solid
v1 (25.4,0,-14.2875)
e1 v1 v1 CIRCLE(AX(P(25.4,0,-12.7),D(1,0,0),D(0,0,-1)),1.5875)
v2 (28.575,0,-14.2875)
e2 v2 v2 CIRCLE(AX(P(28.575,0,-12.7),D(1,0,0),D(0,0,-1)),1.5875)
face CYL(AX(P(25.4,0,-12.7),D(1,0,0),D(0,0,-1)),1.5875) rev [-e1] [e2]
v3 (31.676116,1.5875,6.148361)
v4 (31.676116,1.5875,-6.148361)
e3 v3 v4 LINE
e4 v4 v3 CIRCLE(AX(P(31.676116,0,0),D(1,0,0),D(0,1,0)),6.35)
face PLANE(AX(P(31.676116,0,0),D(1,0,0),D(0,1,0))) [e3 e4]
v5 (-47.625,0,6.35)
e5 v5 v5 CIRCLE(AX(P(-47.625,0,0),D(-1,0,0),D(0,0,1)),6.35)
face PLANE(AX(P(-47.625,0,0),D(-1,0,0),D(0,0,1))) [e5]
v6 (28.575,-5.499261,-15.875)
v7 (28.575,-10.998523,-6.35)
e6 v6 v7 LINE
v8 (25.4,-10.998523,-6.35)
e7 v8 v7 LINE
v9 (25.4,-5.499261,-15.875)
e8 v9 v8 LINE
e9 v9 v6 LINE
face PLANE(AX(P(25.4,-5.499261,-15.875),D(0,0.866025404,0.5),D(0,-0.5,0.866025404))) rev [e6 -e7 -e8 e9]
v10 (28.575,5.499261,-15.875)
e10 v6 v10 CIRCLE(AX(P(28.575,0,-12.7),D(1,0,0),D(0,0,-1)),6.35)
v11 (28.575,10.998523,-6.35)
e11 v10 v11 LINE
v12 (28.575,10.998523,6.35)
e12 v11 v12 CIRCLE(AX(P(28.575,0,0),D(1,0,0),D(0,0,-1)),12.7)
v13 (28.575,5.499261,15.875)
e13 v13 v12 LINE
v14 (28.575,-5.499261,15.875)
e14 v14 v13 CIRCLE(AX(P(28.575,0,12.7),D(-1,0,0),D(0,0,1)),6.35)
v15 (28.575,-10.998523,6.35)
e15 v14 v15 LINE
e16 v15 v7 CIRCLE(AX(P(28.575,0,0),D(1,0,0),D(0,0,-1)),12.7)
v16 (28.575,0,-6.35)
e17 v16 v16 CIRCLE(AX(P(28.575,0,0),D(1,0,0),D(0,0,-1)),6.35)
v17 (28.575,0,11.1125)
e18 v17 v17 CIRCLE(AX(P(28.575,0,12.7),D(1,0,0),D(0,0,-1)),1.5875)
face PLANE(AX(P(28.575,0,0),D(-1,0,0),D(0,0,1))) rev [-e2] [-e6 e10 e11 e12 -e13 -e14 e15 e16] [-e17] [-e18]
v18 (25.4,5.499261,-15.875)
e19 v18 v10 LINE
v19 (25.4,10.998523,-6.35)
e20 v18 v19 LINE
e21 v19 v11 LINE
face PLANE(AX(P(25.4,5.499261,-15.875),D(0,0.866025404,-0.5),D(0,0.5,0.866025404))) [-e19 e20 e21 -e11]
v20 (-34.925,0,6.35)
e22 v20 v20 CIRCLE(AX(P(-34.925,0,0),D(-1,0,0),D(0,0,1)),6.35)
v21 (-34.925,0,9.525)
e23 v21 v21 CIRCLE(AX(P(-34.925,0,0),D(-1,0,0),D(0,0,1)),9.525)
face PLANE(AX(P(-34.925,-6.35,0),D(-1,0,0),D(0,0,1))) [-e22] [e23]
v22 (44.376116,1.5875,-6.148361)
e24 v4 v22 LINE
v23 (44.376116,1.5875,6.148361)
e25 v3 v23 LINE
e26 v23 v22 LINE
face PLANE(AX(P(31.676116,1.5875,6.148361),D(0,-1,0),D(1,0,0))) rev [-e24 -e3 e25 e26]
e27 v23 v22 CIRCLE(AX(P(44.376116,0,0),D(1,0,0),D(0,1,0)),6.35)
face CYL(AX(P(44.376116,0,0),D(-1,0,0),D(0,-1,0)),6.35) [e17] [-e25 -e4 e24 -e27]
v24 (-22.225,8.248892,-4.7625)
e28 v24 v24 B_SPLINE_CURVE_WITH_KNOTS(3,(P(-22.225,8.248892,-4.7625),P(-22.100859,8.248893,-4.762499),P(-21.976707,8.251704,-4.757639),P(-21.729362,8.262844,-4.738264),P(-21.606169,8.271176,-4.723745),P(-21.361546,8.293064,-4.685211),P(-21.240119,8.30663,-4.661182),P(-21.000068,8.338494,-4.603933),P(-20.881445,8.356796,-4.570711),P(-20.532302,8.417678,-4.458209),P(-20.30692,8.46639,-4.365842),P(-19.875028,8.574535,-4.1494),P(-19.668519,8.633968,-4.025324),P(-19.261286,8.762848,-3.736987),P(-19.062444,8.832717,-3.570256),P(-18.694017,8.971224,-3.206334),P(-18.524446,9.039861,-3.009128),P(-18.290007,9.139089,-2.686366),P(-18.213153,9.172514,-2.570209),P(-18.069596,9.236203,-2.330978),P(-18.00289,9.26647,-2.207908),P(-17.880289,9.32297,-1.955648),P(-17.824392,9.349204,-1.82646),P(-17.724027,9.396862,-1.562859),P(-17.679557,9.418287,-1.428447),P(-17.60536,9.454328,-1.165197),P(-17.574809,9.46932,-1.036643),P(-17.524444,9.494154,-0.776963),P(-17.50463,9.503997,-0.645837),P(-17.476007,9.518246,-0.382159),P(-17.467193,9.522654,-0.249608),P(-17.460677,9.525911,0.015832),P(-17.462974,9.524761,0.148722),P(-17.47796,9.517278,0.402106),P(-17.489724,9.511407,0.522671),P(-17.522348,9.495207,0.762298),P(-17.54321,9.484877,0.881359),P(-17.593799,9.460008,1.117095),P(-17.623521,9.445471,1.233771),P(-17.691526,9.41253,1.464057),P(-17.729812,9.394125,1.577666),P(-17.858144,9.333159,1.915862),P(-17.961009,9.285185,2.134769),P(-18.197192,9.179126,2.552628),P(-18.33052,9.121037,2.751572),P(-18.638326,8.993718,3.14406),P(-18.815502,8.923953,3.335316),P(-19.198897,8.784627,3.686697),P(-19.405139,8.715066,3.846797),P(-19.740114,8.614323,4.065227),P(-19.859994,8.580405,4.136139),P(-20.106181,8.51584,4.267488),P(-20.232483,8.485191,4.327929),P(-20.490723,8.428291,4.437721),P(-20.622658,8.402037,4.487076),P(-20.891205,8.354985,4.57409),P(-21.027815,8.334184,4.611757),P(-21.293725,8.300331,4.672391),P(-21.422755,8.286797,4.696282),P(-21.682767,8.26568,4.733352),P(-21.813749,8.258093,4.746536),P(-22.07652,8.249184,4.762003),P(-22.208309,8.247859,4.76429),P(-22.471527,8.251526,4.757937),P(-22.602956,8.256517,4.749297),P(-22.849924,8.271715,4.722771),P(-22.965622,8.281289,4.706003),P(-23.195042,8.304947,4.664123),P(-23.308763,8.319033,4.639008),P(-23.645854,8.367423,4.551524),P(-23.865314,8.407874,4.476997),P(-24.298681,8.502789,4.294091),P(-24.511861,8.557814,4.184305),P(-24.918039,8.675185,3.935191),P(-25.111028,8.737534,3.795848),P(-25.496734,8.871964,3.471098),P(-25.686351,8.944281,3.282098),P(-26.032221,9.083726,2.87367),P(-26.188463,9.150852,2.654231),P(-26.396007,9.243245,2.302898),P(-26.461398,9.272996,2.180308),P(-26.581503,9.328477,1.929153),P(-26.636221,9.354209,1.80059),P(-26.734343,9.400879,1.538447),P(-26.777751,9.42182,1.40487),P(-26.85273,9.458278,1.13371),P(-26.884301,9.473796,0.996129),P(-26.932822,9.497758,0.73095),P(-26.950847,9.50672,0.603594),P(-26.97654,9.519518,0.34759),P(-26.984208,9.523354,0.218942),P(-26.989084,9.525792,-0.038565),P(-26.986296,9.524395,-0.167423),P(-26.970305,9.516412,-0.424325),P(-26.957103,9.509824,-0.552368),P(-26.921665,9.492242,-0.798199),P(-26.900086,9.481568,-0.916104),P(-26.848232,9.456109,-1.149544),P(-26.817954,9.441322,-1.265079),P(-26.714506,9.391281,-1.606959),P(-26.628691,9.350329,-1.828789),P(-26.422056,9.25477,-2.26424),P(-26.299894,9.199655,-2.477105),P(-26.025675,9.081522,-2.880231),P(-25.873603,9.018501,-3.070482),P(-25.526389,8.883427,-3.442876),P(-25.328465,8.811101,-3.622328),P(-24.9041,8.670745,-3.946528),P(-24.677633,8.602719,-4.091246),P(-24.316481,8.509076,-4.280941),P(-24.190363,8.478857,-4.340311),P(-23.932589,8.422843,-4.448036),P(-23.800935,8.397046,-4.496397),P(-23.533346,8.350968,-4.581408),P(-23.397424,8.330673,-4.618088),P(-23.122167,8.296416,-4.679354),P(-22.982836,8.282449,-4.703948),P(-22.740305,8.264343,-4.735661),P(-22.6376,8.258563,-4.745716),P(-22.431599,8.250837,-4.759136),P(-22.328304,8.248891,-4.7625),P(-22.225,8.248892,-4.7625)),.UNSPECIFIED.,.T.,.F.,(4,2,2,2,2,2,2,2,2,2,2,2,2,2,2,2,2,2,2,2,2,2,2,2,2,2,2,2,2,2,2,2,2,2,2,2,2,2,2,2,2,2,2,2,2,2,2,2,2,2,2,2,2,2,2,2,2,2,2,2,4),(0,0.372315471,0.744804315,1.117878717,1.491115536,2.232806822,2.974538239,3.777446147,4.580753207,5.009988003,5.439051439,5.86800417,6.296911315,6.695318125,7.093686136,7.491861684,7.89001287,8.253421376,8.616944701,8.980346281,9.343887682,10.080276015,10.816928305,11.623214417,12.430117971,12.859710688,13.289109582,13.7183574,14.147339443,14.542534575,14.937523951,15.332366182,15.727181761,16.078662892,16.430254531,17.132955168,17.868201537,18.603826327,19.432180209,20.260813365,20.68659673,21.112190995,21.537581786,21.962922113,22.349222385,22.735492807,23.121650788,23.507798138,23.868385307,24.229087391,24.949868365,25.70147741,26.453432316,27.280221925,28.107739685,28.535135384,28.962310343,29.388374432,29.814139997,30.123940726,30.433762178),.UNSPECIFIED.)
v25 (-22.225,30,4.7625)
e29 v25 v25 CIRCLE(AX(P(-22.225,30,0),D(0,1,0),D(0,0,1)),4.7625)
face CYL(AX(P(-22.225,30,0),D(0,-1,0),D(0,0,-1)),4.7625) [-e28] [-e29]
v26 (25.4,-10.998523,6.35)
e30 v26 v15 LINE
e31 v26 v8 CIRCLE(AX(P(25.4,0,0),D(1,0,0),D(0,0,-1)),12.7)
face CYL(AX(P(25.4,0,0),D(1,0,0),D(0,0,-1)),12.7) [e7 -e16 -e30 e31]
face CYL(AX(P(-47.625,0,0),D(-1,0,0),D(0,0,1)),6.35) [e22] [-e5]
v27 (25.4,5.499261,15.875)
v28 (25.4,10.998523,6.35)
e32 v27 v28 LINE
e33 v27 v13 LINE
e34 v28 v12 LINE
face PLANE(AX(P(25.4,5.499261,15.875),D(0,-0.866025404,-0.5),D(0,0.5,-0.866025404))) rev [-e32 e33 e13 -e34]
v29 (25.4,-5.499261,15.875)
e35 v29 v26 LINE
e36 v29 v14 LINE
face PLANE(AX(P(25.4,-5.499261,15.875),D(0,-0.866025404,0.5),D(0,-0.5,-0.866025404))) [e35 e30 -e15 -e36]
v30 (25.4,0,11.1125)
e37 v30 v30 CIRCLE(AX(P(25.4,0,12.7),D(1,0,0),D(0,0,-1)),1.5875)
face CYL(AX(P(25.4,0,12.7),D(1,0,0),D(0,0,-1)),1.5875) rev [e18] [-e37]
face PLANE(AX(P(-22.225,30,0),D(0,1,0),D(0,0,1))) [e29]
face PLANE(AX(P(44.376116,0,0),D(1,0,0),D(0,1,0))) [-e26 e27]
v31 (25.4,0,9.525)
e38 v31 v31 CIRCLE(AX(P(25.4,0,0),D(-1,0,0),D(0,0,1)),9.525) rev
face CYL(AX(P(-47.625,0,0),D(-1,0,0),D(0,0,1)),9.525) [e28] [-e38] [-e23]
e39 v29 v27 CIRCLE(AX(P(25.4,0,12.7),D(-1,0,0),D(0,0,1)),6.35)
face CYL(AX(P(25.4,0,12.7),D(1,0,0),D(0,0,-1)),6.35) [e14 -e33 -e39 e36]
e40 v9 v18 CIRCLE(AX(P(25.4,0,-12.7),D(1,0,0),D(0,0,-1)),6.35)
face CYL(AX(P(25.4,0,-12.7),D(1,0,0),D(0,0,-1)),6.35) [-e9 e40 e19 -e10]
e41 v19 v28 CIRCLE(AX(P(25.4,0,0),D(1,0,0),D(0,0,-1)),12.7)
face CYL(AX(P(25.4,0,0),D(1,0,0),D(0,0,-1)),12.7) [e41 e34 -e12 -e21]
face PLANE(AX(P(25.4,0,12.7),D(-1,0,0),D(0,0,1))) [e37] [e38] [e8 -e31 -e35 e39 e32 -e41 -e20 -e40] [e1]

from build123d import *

# Parameters (mm, degrees)
SKETCH7_R           = 1.5875
BOSS_EXTRUDE2_DEPTH = 3.175
SKETCH5_R           = 6.35
CUT_EXTRUDE1_DEPTH  = 41.348883888
SKETCH8_R           = 6.35
EXTRUDE1_DEPTH      = 57.15
CUT_EXTRUDE2_DEPTH  = 12.7
SKETCH10_R          = 4.7625
EXTRUDE2_DEPTH      = 30


with BuildPart() as part:
    # Sketch4 → Boss-Revolve2 (revolve)
    with BuildSketch(Plane.XY):
        Polygon((-47.625, 0), (-47.625, -6.35), (-34.925, -6.35), (-34.925, -9.525), (28.575, -9.525), (28.575, 0), align=None)
    revolve(axis=Axis((-47.625, 0, 0), (1, 0, 0)))

    # Sketch7 → Boss-Extrude2 (add)
    with BuildSketch(Plane(origin=(28.575, 29.318732004, 10.174246846), x_dir=(0, 0.707106781, -0.707106781), z_dir=(1, 0, 0))):
        with BuildLine():
            Line((-20.873950462, -12.811868036), (-10.250193405, -15.65849516))
            ThreePointArc((-10.250193405, -15.65849516), (-4.556939156, -18.945497033), (-1.269937284, -24.638751281))
            Line((-1.269937284, -24.638751281), (1.57668984, -35.262508339))
            ThreePointArc((1.57668984, -35.262508339), (-0.066811096, -41.396137336), (-6.200440093, -43.039638272))
            Line((-6.200440093, -43.039638272), (-16.82419715, -40.193011148))
            ThreePointArc((-16.82419715, -40.193011148), (-22.517451399, -36.906009275), (-25.804453271, -31.212755027))
            Line((-25.804453271, -31.212755027), (-28.651080396, -20.588997969))
            ThreePointArc((-28.651080396, -20.588997969), (-27.007579459, -14.455368972), (-20.873950462, -12.811868036))
        make_face()
        with Locations((-22.517451399, -18.945497033)):
            Circle(SKETCH7_R, mode=Mode.SUBTRACT)
        with Locations((-4.556939156, -36.906009275)):
            Circle(SKETCH7_R, mode=Mode.SUBTRACT)
    extrude(amount=-BOSS_EXTRUDE2_DEPTH)

    # Sketch5 → Cut-Extrude1 (cut)
    with BuildSketch(Plane(origin=(28.575, 0, 0), x_dir=(0, 0, -1), z_dir=(1, 0, 0))):
        Circle(SKETCH5_R)
    extrude(amount=-CUT_EXTRUDE1_DEPTH, mode=Mode.SUBTRACT)

    # Sketch8 → Extrude1 (add)
    with BuildSketch(Plane(origin=(-12.773883888, 0, 0), x_dir=(0, 0, -1), z_dir=(1, 0, 0))):
        Circle(SKETCH8_R)
    extrude(amount=EXTRUDE1_DEPTH)

    # Sketch9 → Cut-Extrude2 (cut)
    with BuildSketch(Plane(origin=(44.376116112, 0, 0), x_dir=(0, 0, -1), z_dir=(1, 0, 0))):
        with BuildLine():
            Line((-6.148361062, 1.5875), (6.148361062, 1.5875))
            ThreePointArc((6.148361062, 1.5875), (0, 6.35), (-6.148361062, 1.5875))
        make_face()
    extrude(amount=-CUT_EXTRUDE2_DEPTH, mode=Mode.SUBTRACT)

    # Sketch10 → Extrude2 (add)
    with BuildSketch(Plane(origin=(0, 0, 0), x_dir=(1, 0, 0), z_dir=(0, 1, 0))):
        with Locations((-22.225, 0)):
            Circle(SKETCH10_R)
    extrude(amount=EXTRUDE2_DEPTH)


solid = part.part
